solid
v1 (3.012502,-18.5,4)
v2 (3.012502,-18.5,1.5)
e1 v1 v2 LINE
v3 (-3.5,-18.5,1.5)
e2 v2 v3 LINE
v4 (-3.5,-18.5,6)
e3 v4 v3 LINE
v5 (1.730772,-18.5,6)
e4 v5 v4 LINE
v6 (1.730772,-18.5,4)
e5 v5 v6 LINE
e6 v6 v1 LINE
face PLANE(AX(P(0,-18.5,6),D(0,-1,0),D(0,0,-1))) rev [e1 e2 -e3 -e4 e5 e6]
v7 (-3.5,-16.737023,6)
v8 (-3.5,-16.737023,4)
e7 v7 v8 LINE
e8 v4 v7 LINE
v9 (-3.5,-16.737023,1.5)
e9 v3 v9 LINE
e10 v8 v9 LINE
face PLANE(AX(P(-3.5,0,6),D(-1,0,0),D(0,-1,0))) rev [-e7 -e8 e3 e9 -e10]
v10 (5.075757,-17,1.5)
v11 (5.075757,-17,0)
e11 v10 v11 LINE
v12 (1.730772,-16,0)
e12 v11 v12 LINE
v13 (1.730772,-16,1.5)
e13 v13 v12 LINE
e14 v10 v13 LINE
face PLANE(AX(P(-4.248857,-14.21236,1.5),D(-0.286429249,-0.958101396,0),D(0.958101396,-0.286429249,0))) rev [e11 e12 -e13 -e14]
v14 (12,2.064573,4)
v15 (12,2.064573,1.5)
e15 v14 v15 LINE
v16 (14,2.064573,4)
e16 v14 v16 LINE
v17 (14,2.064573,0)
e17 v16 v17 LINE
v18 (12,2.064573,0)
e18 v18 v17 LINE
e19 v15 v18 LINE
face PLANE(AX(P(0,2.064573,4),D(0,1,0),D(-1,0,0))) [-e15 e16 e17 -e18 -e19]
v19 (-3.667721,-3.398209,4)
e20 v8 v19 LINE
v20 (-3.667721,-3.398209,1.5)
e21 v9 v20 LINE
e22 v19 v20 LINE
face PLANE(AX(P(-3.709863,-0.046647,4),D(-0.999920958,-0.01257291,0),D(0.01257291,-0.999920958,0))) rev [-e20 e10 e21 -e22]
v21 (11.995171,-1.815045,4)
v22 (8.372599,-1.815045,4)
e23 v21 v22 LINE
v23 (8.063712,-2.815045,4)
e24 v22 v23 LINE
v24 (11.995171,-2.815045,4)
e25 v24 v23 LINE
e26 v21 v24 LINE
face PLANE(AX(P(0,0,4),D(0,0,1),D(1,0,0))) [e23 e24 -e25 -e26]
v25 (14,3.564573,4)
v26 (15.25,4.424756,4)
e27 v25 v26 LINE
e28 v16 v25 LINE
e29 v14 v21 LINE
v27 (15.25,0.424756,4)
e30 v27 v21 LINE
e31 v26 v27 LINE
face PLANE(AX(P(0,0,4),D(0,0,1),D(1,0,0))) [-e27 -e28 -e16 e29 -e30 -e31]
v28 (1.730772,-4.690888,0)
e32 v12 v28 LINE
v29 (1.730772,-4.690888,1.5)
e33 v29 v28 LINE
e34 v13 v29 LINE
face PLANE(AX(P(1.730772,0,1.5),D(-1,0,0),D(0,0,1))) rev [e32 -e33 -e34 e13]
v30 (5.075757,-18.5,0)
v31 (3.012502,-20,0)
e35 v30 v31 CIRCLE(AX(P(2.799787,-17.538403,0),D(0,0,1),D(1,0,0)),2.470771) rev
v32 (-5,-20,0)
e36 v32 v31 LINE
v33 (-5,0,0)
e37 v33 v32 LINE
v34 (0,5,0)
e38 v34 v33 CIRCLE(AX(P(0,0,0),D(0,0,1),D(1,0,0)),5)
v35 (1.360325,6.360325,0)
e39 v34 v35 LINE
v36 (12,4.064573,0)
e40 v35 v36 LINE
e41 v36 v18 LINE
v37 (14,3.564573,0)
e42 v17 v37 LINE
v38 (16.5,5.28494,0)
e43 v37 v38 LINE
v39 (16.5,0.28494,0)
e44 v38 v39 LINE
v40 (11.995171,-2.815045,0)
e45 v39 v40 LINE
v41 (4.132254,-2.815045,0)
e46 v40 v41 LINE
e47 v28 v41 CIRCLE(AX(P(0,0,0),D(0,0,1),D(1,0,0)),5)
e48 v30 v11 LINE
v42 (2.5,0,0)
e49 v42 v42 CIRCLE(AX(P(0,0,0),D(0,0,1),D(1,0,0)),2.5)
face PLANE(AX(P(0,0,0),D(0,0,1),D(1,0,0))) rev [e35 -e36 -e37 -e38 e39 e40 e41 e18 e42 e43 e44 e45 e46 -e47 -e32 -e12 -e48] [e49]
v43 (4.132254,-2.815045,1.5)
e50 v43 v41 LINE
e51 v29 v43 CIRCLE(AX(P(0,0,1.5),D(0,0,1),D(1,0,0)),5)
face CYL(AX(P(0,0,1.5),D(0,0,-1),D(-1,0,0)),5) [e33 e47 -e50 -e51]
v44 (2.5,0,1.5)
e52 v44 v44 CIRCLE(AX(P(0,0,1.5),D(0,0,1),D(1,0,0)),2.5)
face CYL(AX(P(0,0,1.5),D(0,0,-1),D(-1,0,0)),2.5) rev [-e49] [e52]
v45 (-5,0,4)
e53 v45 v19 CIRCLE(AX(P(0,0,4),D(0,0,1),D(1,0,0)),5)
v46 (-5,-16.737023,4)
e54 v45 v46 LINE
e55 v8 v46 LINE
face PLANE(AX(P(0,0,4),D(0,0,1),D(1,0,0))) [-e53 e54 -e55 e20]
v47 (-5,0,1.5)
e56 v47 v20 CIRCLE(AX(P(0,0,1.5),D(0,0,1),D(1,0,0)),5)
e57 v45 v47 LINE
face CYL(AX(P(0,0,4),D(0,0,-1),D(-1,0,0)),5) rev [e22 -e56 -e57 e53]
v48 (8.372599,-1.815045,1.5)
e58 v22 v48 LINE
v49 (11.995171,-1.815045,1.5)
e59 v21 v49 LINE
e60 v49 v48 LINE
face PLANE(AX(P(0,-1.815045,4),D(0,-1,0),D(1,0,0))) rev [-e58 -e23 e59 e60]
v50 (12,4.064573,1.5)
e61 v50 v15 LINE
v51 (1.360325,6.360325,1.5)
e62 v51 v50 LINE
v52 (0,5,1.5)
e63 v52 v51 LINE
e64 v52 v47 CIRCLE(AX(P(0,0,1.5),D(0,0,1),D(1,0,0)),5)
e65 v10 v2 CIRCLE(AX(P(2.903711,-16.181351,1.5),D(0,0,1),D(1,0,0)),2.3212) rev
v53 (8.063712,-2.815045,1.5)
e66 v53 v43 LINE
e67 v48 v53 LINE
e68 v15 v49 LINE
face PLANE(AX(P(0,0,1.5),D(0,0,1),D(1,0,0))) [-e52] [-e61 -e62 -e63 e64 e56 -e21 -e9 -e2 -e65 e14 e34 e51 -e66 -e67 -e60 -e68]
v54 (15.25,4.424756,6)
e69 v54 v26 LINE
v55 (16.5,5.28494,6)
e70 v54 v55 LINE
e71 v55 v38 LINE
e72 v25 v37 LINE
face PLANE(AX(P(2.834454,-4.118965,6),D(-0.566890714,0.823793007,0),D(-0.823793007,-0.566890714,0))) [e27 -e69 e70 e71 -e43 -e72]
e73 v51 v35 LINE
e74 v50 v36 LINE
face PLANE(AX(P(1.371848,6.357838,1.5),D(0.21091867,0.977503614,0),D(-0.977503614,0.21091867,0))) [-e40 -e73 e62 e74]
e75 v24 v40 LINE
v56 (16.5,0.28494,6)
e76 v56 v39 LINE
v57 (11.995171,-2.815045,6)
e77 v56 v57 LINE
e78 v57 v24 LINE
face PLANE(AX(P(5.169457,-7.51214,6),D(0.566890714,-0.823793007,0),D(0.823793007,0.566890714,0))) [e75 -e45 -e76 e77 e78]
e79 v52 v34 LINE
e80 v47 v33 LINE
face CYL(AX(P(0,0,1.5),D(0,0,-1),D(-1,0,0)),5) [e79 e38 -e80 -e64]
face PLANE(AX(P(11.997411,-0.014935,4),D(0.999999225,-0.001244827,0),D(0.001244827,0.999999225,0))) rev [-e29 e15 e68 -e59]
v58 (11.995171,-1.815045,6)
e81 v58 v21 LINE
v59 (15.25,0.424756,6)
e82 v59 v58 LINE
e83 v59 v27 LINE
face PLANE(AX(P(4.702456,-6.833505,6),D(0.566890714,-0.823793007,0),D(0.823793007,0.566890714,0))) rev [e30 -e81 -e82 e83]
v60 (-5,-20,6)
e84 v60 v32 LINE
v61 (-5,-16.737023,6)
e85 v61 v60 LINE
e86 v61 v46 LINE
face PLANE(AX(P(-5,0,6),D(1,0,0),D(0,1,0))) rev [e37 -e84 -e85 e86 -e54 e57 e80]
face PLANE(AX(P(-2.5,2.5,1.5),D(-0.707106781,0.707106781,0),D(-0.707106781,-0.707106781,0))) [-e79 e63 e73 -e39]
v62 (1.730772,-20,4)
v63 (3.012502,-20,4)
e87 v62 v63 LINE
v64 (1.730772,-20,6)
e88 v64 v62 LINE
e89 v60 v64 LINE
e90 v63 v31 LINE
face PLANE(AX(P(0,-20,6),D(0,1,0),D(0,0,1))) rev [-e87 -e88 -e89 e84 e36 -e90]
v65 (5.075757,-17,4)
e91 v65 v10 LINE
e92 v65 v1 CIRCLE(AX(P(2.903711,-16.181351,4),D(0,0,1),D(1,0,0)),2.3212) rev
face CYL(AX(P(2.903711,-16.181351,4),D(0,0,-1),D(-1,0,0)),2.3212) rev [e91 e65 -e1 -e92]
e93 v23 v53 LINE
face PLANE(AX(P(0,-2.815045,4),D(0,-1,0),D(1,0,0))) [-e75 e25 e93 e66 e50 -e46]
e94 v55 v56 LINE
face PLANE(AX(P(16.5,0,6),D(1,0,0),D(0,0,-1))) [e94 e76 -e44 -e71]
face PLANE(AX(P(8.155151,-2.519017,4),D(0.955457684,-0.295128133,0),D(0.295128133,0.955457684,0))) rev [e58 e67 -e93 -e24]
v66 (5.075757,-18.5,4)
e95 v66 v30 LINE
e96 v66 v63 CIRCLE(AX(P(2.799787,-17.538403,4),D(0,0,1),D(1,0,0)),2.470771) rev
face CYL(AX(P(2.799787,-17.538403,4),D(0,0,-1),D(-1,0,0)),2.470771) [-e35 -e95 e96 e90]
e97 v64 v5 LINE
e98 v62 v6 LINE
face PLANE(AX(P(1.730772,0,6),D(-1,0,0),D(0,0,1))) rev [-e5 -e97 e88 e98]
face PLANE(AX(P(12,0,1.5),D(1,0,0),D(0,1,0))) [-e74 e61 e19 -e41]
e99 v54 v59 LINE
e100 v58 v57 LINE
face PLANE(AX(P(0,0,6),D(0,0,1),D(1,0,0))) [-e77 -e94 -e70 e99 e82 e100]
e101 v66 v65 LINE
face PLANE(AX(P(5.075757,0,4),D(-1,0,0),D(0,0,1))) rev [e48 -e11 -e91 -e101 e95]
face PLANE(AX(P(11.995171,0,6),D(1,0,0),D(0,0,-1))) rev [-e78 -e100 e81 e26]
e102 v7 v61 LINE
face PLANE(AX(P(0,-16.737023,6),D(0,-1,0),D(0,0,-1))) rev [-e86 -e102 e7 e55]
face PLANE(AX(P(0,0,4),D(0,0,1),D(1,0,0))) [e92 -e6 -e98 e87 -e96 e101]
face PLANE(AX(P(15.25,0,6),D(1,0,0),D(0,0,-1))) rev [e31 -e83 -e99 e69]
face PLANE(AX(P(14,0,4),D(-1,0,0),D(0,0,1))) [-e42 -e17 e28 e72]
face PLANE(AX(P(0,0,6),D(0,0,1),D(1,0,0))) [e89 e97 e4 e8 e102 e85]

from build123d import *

# Parameters (mm, degrees)
EXTRUDE_1_DEPTH   = 6
EXTRUDE_1_2_DEPTH = 6
EXTRUDE_2_DEPTH   = 4
SKETCH_1_4_R      = 2.5
EXTRUDE_3_DEPTH   = 1.5


with BuildPart() as part:
    # 스케치1 → 보스-돌출1 (new body)
    with BuildSketch(Plane.XY):
        Polygon((-3.5, -16.737022948), (-5, -16.737022948), (-5, -20), (1.73077212, -20), (1.73077212, -18.5), (-3.5, -18.5), align=None)
    extrude(amount=EXTRUDE_1_DEPTH)



with BuildPart() as body_2:
    # 스케치1 → Extrude 1 2 (new body)
    with BuildSketch(Plane.XY):
        Polygon((15.25, 0.424756417), (11.995170544, -1.81504482), (11.995170544, -2.81504482), (16.5, 0.284940209), (16.5, 5.284940209), (15.25, 4.424756417), align=None)
    extrude(amount=EXTRUDE_1_2_DEPTH)


with BuildPart() as part_1:
    add(part.part)

    add(body_2.part)  # 보스-돌출2 merges body 2
    # 스케치1<3> → 보스-돌출2 (add)
    with BuildSketch(Plane.XY):
        with BuildLine():
            ThreePointArc((-3.667720971, -3.398208775), (-4.655029799, -1.825019883), (-5, 0))
            Line((-5, 0), (-5, -16.737022948))
            Line((-5, -16.737022948), (-3.5, -16.737022948))
            Line((-3.5, -16.737022948), (-3.667720971, -3.398208775))
        make_face()
        with BuildLine():
            Line((1.73077212, -18.5), (1.73077212, -20))
            Line((1.73077212, -20), (3.012501912, -20))
            ThreePointArc((3.012501912, -20), (4.252676388, -19.536857224), (5.075756613, -18.5))
            Line((5.075756613, -18.5), (5.075756613, -17))
            ThreePointArc((5.075756613, -17), (4.268648237, -18.058826553), (3.012501912, -18.5))
            Line((3.012501912, -18.5), (1.73077212, -18.5))
        make_face()
        Polygon((14, 2.064572624), (12, 2.064572624), (11.995170544, -1.81504482), (15.25, 0.424756417), (15.25, 4.424756417), (14, 3.564572624), align=None)
        Polygon((8.372598905, -1.81504482), (8.063712244, -2.81504482), (11.995170544, -2.81504482), (11.995170544, -1.81504482), align=None)
    extrude(amount=EXTRUDE_2_DEPTH)

    # 스케치1<4> → 보스-돌출3 (add)
    with BuildSketch(Plane.XY):
        with BuildLine():
            ThreePointArc((0, 5), (-4.582087072, 2.001119203), (-3.667720971, -3.398208775))
            Line((-3.667720971, -3.398208775), (-3.5, -16.737022948))
            Line((-3.5, -16.737022948), (-3.5, -18.5))
            Line((-3.5, -18.5), (3.012501912, -18.5))
            ThreePointArc((3.012501912, -18.5), (4.268648237, -18.058826553), (5.075756613, -17))
            Line((5.075756613, -17), (1.73077212, -16))
            Line((1.73077212, -16), (1.73077212, -4.690887749))
            ThreePointArc((1.73077212, -4.690887749), (3.0778995, -3.940372402), (4.132253945, -2.81504482))
            Line((4.132253945, -2.81504482), (8.063712244, -2.81504482))
            Line((8.063712244, -2.81504482), (8.372598905, -1.81504482))
            Line((8.372598905, -1.81504482), (11.995170544, -1.81504482))
            Line((11.995170544, -1.81504482), (12, 2.064572624))
            Line((12, 2.064572624), (12, 4.064572624))
            Line((12, 4.064572624), (1.360324879, 6.360324879))
            Line((1.360324879, 6.360324879), (0, 5))
        make_face()
        Circle(SKETCH_1_4_R, mode=Mode.SUBTRACT)
    extrude(amount=EXTRUDE_3_DEPTH)


solid = part_1.part
